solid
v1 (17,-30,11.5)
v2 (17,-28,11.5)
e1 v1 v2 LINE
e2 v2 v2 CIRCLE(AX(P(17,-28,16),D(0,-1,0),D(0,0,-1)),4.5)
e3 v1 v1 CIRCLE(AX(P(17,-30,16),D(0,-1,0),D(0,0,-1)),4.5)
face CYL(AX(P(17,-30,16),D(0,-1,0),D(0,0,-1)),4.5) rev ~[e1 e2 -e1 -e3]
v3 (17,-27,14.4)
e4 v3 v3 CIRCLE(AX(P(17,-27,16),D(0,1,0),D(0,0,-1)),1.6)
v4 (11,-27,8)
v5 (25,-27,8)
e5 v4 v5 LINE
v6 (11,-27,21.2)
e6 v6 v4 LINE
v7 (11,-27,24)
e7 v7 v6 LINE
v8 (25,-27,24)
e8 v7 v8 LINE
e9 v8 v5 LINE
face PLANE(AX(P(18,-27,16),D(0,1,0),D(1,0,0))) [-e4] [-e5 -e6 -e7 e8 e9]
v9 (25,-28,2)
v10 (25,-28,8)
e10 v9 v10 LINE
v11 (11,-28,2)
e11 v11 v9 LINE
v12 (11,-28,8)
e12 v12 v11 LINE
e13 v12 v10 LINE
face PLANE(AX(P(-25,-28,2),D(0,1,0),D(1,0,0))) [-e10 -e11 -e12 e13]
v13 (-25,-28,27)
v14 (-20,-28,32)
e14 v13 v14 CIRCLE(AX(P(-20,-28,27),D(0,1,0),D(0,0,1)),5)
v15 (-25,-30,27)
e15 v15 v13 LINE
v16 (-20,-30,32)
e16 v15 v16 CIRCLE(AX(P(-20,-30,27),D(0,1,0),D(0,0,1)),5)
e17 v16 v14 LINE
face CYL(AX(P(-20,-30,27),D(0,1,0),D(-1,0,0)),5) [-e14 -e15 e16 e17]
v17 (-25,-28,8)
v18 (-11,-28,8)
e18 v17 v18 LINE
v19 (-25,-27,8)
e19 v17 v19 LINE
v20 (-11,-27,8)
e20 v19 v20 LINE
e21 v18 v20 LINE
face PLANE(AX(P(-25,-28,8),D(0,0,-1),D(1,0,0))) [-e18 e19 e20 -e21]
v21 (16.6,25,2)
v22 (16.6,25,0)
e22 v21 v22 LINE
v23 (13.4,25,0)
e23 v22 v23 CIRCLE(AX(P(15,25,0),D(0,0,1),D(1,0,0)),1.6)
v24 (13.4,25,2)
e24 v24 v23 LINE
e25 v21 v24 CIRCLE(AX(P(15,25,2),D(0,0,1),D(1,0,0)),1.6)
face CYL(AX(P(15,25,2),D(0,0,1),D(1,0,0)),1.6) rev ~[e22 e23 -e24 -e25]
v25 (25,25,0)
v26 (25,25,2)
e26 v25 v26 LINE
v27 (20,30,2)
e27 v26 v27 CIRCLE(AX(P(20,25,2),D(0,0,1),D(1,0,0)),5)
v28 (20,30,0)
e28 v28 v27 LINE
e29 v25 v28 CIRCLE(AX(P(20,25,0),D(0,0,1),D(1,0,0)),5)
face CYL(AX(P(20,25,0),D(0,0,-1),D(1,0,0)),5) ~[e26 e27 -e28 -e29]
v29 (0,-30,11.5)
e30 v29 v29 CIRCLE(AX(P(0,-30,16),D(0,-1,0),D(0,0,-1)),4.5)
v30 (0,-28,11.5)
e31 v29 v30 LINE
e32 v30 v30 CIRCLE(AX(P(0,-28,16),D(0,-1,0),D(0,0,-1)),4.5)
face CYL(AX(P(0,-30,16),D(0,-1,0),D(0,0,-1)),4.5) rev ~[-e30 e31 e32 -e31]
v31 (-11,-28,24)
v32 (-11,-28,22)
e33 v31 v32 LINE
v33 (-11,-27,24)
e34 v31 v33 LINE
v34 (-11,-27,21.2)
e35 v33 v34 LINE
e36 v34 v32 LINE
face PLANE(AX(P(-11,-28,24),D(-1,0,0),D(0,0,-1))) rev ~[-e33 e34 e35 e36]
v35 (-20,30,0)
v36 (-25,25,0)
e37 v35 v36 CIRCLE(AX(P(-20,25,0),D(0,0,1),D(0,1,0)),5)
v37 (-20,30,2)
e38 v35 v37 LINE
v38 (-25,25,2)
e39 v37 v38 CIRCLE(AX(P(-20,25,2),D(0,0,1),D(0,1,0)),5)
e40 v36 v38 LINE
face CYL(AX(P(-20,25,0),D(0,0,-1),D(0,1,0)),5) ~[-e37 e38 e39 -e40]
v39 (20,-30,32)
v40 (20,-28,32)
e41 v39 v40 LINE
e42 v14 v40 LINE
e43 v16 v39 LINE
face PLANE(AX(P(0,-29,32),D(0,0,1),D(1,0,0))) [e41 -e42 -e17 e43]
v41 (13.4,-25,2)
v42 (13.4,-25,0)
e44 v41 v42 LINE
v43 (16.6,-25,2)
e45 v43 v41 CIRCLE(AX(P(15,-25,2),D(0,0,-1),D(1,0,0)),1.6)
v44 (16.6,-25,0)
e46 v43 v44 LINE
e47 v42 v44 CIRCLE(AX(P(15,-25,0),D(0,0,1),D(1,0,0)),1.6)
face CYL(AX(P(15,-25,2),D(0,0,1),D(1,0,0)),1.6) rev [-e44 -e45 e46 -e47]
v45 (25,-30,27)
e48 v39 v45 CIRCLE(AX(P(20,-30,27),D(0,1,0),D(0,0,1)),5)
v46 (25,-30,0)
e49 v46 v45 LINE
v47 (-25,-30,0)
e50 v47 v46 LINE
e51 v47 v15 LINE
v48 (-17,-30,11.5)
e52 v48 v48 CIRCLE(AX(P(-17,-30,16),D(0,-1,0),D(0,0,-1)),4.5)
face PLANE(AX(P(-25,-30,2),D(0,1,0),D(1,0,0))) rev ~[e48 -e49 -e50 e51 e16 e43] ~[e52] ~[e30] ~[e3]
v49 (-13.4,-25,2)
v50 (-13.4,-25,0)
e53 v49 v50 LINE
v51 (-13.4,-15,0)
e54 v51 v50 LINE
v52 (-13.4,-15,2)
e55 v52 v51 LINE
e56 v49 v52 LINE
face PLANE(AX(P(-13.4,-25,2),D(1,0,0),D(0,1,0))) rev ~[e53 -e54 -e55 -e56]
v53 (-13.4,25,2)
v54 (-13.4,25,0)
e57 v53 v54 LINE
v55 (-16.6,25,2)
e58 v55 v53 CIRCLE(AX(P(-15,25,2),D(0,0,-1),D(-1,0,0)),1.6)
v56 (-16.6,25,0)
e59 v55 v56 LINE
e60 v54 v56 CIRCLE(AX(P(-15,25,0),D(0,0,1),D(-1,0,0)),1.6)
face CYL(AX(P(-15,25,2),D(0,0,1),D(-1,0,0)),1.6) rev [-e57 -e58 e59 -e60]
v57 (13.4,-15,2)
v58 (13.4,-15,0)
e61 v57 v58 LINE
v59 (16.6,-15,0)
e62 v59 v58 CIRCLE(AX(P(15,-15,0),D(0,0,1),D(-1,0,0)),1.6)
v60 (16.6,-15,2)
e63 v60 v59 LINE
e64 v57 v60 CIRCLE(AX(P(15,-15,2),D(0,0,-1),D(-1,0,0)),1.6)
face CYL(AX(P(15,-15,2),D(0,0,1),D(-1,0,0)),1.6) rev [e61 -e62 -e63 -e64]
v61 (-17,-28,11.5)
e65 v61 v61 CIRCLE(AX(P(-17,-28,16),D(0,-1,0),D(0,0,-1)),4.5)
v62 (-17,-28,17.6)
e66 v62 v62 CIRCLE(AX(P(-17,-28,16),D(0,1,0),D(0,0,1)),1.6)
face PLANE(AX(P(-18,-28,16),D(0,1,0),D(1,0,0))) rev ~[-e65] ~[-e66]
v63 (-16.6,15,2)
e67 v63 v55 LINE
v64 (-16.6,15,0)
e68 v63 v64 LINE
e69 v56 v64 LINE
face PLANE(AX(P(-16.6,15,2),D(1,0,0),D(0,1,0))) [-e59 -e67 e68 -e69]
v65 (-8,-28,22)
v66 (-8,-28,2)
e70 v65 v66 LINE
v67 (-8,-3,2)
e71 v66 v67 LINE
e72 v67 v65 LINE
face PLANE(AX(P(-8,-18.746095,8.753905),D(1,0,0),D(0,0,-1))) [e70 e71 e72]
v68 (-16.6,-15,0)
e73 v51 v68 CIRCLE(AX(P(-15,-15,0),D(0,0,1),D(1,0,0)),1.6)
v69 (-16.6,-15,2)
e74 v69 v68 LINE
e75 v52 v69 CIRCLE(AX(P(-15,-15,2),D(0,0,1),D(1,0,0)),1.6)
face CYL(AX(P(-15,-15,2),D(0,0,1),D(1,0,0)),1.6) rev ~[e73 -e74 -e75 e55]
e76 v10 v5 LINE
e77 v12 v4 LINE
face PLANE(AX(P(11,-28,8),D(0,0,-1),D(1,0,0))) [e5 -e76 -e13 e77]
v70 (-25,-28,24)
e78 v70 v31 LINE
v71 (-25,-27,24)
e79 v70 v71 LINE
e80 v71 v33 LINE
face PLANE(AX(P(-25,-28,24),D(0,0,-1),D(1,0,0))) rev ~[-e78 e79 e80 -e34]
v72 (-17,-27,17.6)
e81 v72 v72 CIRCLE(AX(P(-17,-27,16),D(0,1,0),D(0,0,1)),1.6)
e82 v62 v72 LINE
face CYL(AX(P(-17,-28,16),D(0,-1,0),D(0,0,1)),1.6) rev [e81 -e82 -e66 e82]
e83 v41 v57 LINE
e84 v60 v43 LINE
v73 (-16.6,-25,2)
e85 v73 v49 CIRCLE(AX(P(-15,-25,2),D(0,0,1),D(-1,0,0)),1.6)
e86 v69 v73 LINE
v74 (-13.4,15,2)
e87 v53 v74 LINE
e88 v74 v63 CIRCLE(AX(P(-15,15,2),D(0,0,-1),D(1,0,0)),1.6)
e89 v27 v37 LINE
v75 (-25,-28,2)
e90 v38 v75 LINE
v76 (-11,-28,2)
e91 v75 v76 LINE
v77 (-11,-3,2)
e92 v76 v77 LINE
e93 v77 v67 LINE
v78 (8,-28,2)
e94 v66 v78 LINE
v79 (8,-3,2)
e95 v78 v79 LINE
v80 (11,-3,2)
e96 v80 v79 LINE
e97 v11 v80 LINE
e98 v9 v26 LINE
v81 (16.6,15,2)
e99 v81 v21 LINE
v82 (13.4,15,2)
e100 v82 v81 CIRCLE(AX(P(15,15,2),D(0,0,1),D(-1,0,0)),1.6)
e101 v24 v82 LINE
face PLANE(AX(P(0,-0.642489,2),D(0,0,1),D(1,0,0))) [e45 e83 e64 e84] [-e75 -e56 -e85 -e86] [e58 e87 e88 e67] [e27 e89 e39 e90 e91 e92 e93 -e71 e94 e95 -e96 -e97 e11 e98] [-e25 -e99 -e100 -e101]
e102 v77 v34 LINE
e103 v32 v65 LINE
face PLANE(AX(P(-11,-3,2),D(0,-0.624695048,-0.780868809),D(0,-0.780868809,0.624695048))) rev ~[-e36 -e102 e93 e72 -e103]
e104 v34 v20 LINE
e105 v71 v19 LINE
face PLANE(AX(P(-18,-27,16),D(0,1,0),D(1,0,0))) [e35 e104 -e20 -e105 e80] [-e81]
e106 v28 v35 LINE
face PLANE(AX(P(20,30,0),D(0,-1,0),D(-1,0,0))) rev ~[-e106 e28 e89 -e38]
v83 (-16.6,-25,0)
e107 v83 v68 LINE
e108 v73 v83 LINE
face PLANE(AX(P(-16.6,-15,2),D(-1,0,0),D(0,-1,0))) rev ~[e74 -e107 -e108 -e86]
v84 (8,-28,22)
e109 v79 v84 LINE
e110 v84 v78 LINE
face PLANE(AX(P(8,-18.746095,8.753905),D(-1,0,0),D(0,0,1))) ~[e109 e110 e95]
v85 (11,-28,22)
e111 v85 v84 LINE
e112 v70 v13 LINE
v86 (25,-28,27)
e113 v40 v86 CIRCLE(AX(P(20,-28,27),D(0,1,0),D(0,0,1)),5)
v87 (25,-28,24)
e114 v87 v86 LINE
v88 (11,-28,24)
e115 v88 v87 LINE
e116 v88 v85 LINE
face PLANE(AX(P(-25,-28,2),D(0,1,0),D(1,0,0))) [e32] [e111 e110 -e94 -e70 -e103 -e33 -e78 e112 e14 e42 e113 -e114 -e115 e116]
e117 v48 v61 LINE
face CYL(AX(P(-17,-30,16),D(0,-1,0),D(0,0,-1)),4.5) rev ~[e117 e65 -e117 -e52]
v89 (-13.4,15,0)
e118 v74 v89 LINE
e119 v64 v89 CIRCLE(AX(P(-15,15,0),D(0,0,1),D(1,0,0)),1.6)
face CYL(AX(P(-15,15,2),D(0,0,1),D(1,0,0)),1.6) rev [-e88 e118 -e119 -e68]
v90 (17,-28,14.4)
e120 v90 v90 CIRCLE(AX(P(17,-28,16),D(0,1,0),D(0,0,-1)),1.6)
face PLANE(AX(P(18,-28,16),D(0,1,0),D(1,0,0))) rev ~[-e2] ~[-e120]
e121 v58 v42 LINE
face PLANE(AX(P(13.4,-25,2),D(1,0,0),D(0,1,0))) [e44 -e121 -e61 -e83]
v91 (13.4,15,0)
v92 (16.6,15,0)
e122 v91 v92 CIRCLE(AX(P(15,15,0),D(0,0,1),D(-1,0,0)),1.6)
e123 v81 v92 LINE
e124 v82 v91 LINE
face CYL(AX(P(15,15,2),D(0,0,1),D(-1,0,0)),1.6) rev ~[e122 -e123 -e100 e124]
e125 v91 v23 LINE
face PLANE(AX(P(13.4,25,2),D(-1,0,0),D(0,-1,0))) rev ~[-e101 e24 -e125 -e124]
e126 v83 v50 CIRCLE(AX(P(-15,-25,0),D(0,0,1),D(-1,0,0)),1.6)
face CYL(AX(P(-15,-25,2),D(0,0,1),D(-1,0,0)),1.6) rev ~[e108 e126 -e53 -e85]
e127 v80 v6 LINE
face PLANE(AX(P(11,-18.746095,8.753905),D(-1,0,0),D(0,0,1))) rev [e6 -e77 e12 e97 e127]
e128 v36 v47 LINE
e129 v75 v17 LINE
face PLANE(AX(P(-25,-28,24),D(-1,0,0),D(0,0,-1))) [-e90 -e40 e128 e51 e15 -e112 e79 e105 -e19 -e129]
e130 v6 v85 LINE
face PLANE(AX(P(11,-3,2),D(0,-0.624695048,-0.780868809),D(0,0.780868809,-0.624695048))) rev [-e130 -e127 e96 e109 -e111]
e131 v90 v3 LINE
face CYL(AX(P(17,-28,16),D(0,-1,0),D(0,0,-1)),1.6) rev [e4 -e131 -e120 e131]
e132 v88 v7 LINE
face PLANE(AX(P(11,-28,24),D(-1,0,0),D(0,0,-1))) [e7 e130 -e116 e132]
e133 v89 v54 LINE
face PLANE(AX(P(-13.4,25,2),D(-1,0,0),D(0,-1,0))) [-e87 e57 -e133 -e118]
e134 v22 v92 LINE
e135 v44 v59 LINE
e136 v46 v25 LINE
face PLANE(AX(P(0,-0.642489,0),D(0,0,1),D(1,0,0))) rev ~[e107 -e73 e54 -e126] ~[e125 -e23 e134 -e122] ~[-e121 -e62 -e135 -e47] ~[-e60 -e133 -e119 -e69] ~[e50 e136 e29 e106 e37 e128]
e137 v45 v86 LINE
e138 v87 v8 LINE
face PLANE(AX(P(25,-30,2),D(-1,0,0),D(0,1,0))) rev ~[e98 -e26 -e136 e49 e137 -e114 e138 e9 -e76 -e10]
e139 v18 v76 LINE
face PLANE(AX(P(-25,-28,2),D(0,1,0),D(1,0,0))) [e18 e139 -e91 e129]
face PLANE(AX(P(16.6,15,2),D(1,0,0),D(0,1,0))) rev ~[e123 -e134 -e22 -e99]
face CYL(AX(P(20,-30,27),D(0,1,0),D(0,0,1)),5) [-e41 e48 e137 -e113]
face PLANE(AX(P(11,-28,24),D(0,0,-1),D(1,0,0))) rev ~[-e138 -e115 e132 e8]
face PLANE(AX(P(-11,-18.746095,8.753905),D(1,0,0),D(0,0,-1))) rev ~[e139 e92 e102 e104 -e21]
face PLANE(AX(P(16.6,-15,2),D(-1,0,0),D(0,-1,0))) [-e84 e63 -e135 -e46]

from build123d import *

# Parameters (mm, degrees)
DODANIE_WYCI_GNI_CIE1_DEPTH = 2
WYTNIJ_WYCI_GNI_CIE1_REACH  = 41.102
SZKIC4_W                    = 50
SZKIC4_H                    = 2
DODANIE_WYCI_GNI_CIE2_DEPTH = 30
DODANIE_WYCI_GNI_CIE3_START = -14
DODANIE_WYCI_GNI_CIE3_DEPTH = 3
ZAOKR_GLENIE1_R             = 5
SZKIC7_R                    = 4.5
WYTNIJ_WYCI_GNI_CIE2_DEPTH  = 2
SZKIC8_W                    = 14
SZKIC8_H                    = 16
SZKIC8_R                    = 1.6
DODANIE_WYCI_GNI_CIE4_DEPTH = 1


with BuildPart() as part:
    # Szkic1 → Dodanie-wyciągnięcie1 (new body)
    with BuildSketch(Plane.XY):
        with BuildLine():
            Line((-25, -30), (25, -30))
            Line((25, -30), (25, 25))
            ThreePointArc((25, 25), (23.535533906, 28.535533906), (20, 30))
            Line((20, 30), (-20, 30))
            ThreePointArc((-20, 30), (-23.535533906, 28.535533906), (-25, 25))
            Line((-25, 25), (-25, -30))
        make_face()
    extrude(amount=DODANIE_WYCI_GNI_CIE1_DEPTH)

    # Szkic2 → Wytnij-wyciągnięcie1 (cut, up to next)
    with BuildSketch(Plane.XY.offset(2), mode=Mode.PRIVATE) as wytnij_wyci_gni_cie1_sk1:
        with BuildLine():
            Line((-13.4, 25), (-13.4, 15))
            ThreePointArc((-13.4, 15), (-15, 13.4), (-16.6, 15))
            Line((-16.6, 15), (-16.6, 25))
            ThreePointArc((-16.6, 25), (-15, 26.6), (-13.4, 25))
        make_face()
    wytnij_wyci_gni_cie1_tool1 = extrude(wytnij_wyci_gni_cie1_sk1.sketch, amount=-WYTNIJ_WYCI_GNI_CIE1_REACH, mode=Mode.PRIVATE) & part.part
    # Szkic2 → Wytnij-wyciągnięcie1 (cut, up to next)
    with BuildSketch(Plane.XY.offset(2), mode=Mode.PRIVATE) as wytnij_wyci_gni_cie1_sk2:
        with BuildLine():
            Line((13.4, 25), (13.4, 15))
            ThreePointArc((13.4, 15), (15, 13.4), (16.6, 15))
            Line((16.6, 15), (16.6, 25))
            ThreePointArc((16.6, 25), (15, 26.6), (13.4, 25))
        make_face()
    wytnij_wyci_gni_cie1_tool2 = extrude(wytnij_wyci_gni_cie1_sk2.sketch, amount=-WYTNIJ_WYCI_GNI_CIE1_REACH, mode=Mode.PRIVATE) & part.part
    # Szkic2 → Wytnij-wyciągnięcie1 (cut, up to next)
    with BuildSketch(Plane.XY.offset(2), mode=Mode.PRIVATE) as wytnij_wyci_gni_cie1_sk3:
        with BuildLine():
            Line((13.4, -25), (13.4, -15))
            ThreePointArc((13.4, -15), (15, -13.4), (16.6, -15))
            Line((16.6, -15), (16.6, -25))
            ThreePointArc((16.6, -25), (15, -26.6), (13.4, -25))
        make_face()
    wytnij_wyci_gni_cie1_tool3 = extrude(wytnij_wyci_gni_cie1_sk3.sketch, amount=-WYTNIJ_WYCI_GNI_CIE1_REACH, mode=Mode.PRIVATE) & part.part
    # Szkic2 → Wytnij-wyciągnięcie1 (cut, up to next)
    with BuildSketch(Plane.XY.offset(2), mode=Mode.PRIVATE) as wytnij_wyci_gni_cie1_sk4:
        with BuildLine():
            Line((-13.4, -25), (-13.4, -15))
            ThreePointArc((-13.4, -15), (-15, -13.4), (-16.6, -15))
            Line((-16.6, -15), (-16.6, -25))
            ThreePointArc((-16.6, -25), (-15, -26.6), (-13.4, -25))
        make_face()
    wytnij_wyci_gni_cie1_tool4 = extrude(wytnij_wyci_gni_cie1_sk4.sketch, amount=-WYTNIJ_WYCI_GNI_CIE1_REACH, mode=Mode.PRIVATE) & part.part
    add(wytnij_wyci_gni_cie1_tool1.solids().sort_by_distance((-15, 20, 2))[0], mode=Mode.SUBTRACT)
    add(wytnij_wyci_gni_cie1_tool2.solids().sort_by_distance((15, 20, 2))[0], mode=Mode.SUBTRACT)
    add(wytnij_wyci_gni_cie1_tool3.solids().sort_by_distance((15, -20, 2))[0], mode=Mode.SUBTRACT)
    add(wytnij_wyci_gni_cie1_tool4.solids().sort_by_distance((-15, -20, 2))[0], mode=Mode.SUBTRACT)

    # Szkic4 → Dodanie-wyciągnięcie2 (add)
    with BuildSketch(Plane.XY.offset(2)):
        with Locations((0, -29)):
            Rectangle(SZKIC4_W, SZKIC4_H)
    extrude(amount=DODANIE_WYCI_GNI_CIE2_DEPTH)


with BuildPart() as body_2:
    # Szkic6 → Dodanie-wyciągnięcie3 (new body)
    with BuildSketch(Plane.ZY.offset(25).offset(DODANIE_WYCI_GNI_CIE3_START)):
        Polygon((2, -28), (2, -3), (22, -28), align=None)
    dodanie_wyci_gni_cie3 = extrude(amount=-DODANIE_WYCI_GNI_CIE3_DEPTH)


with BuildPart() as part_1:
    add(part.part)

    # Lustro3: Dodanie-wyciągnięcie3 across plane
    add(dodanie_wyci_gni_cie3.mirror(Plane(origin=(0, 0, 0), x_dir=(0, 0, 1), z_dir=(1, 0, 0))))

    # Zaokrąglenie1
    zaokr_glenie1_edges = [part_1.edges().sort_by_distance(p)[0] for p in [
        (-25, -29, 32),
        (25, -29, 32),
    ]]
    fillet(zaokr_glenie1_edges, radius=ZAOKR_GLENIE1_R)

    # Szkic7 → Wytnij-wyciągnięcie2 (cut)
    with BuildSketch(Plane.XZ.offset(30)):
        with Locations(Location((0, 16, 0), (0, 0, 270))):
            Circle(SZKIC7_R)
        with Locations(Location((-17, 16, 0), (0, 0, 270))):
            Circle(SZKIC7_R)
        with Locations(Location((17, 16, 0), (0, 0, 270))):
            Circle(SZKIC7_R)
    extrude(amount=-WYTNIJ_WYCI_GNI_CIE2_DEPTH, mode=Mode.SUBTRACT)

    add(body_2.part)  # Dodanie-wyciągnięcie4 merges body 2
    # Szkic8 → Dodanie-wyciągnięcie4 (add)
    # profile 1 of 2: a face of its own
    with BuildSketch(Plane(origin=(0, -28, 0), x_dir=(1, 0, 0), z_dir=(0, 1, 0))):
        with Locations((-18, -16)):
            Rectangle(SZKIC8_W, SZKIC8_H)
        with Locations(Location((-17, -16, 0), (0, 0, 270))):
            Circle(SZKIC8_R, mode=Mode.SUBTRACT)
    # profile 2 of 2: a face of its own
    with BuildSketch(Plane(origin=(0, -28, 0), x_dir=(1, 0, 0), z_dir=(0, 1, 0))):
        with Locations((18, -16)):
            Rectangle(SZKIC8_W, SZKIC8_H)
        with Locations(Location((17, -16, 0), (0, 0, 90))):
            Circle(SZKIC8_R, mode=Mode.SUBTRACT)
    extrude(amount=DODANIE_WYCI_GNI_CIE4_DEPTH)


solid = part_1.part
